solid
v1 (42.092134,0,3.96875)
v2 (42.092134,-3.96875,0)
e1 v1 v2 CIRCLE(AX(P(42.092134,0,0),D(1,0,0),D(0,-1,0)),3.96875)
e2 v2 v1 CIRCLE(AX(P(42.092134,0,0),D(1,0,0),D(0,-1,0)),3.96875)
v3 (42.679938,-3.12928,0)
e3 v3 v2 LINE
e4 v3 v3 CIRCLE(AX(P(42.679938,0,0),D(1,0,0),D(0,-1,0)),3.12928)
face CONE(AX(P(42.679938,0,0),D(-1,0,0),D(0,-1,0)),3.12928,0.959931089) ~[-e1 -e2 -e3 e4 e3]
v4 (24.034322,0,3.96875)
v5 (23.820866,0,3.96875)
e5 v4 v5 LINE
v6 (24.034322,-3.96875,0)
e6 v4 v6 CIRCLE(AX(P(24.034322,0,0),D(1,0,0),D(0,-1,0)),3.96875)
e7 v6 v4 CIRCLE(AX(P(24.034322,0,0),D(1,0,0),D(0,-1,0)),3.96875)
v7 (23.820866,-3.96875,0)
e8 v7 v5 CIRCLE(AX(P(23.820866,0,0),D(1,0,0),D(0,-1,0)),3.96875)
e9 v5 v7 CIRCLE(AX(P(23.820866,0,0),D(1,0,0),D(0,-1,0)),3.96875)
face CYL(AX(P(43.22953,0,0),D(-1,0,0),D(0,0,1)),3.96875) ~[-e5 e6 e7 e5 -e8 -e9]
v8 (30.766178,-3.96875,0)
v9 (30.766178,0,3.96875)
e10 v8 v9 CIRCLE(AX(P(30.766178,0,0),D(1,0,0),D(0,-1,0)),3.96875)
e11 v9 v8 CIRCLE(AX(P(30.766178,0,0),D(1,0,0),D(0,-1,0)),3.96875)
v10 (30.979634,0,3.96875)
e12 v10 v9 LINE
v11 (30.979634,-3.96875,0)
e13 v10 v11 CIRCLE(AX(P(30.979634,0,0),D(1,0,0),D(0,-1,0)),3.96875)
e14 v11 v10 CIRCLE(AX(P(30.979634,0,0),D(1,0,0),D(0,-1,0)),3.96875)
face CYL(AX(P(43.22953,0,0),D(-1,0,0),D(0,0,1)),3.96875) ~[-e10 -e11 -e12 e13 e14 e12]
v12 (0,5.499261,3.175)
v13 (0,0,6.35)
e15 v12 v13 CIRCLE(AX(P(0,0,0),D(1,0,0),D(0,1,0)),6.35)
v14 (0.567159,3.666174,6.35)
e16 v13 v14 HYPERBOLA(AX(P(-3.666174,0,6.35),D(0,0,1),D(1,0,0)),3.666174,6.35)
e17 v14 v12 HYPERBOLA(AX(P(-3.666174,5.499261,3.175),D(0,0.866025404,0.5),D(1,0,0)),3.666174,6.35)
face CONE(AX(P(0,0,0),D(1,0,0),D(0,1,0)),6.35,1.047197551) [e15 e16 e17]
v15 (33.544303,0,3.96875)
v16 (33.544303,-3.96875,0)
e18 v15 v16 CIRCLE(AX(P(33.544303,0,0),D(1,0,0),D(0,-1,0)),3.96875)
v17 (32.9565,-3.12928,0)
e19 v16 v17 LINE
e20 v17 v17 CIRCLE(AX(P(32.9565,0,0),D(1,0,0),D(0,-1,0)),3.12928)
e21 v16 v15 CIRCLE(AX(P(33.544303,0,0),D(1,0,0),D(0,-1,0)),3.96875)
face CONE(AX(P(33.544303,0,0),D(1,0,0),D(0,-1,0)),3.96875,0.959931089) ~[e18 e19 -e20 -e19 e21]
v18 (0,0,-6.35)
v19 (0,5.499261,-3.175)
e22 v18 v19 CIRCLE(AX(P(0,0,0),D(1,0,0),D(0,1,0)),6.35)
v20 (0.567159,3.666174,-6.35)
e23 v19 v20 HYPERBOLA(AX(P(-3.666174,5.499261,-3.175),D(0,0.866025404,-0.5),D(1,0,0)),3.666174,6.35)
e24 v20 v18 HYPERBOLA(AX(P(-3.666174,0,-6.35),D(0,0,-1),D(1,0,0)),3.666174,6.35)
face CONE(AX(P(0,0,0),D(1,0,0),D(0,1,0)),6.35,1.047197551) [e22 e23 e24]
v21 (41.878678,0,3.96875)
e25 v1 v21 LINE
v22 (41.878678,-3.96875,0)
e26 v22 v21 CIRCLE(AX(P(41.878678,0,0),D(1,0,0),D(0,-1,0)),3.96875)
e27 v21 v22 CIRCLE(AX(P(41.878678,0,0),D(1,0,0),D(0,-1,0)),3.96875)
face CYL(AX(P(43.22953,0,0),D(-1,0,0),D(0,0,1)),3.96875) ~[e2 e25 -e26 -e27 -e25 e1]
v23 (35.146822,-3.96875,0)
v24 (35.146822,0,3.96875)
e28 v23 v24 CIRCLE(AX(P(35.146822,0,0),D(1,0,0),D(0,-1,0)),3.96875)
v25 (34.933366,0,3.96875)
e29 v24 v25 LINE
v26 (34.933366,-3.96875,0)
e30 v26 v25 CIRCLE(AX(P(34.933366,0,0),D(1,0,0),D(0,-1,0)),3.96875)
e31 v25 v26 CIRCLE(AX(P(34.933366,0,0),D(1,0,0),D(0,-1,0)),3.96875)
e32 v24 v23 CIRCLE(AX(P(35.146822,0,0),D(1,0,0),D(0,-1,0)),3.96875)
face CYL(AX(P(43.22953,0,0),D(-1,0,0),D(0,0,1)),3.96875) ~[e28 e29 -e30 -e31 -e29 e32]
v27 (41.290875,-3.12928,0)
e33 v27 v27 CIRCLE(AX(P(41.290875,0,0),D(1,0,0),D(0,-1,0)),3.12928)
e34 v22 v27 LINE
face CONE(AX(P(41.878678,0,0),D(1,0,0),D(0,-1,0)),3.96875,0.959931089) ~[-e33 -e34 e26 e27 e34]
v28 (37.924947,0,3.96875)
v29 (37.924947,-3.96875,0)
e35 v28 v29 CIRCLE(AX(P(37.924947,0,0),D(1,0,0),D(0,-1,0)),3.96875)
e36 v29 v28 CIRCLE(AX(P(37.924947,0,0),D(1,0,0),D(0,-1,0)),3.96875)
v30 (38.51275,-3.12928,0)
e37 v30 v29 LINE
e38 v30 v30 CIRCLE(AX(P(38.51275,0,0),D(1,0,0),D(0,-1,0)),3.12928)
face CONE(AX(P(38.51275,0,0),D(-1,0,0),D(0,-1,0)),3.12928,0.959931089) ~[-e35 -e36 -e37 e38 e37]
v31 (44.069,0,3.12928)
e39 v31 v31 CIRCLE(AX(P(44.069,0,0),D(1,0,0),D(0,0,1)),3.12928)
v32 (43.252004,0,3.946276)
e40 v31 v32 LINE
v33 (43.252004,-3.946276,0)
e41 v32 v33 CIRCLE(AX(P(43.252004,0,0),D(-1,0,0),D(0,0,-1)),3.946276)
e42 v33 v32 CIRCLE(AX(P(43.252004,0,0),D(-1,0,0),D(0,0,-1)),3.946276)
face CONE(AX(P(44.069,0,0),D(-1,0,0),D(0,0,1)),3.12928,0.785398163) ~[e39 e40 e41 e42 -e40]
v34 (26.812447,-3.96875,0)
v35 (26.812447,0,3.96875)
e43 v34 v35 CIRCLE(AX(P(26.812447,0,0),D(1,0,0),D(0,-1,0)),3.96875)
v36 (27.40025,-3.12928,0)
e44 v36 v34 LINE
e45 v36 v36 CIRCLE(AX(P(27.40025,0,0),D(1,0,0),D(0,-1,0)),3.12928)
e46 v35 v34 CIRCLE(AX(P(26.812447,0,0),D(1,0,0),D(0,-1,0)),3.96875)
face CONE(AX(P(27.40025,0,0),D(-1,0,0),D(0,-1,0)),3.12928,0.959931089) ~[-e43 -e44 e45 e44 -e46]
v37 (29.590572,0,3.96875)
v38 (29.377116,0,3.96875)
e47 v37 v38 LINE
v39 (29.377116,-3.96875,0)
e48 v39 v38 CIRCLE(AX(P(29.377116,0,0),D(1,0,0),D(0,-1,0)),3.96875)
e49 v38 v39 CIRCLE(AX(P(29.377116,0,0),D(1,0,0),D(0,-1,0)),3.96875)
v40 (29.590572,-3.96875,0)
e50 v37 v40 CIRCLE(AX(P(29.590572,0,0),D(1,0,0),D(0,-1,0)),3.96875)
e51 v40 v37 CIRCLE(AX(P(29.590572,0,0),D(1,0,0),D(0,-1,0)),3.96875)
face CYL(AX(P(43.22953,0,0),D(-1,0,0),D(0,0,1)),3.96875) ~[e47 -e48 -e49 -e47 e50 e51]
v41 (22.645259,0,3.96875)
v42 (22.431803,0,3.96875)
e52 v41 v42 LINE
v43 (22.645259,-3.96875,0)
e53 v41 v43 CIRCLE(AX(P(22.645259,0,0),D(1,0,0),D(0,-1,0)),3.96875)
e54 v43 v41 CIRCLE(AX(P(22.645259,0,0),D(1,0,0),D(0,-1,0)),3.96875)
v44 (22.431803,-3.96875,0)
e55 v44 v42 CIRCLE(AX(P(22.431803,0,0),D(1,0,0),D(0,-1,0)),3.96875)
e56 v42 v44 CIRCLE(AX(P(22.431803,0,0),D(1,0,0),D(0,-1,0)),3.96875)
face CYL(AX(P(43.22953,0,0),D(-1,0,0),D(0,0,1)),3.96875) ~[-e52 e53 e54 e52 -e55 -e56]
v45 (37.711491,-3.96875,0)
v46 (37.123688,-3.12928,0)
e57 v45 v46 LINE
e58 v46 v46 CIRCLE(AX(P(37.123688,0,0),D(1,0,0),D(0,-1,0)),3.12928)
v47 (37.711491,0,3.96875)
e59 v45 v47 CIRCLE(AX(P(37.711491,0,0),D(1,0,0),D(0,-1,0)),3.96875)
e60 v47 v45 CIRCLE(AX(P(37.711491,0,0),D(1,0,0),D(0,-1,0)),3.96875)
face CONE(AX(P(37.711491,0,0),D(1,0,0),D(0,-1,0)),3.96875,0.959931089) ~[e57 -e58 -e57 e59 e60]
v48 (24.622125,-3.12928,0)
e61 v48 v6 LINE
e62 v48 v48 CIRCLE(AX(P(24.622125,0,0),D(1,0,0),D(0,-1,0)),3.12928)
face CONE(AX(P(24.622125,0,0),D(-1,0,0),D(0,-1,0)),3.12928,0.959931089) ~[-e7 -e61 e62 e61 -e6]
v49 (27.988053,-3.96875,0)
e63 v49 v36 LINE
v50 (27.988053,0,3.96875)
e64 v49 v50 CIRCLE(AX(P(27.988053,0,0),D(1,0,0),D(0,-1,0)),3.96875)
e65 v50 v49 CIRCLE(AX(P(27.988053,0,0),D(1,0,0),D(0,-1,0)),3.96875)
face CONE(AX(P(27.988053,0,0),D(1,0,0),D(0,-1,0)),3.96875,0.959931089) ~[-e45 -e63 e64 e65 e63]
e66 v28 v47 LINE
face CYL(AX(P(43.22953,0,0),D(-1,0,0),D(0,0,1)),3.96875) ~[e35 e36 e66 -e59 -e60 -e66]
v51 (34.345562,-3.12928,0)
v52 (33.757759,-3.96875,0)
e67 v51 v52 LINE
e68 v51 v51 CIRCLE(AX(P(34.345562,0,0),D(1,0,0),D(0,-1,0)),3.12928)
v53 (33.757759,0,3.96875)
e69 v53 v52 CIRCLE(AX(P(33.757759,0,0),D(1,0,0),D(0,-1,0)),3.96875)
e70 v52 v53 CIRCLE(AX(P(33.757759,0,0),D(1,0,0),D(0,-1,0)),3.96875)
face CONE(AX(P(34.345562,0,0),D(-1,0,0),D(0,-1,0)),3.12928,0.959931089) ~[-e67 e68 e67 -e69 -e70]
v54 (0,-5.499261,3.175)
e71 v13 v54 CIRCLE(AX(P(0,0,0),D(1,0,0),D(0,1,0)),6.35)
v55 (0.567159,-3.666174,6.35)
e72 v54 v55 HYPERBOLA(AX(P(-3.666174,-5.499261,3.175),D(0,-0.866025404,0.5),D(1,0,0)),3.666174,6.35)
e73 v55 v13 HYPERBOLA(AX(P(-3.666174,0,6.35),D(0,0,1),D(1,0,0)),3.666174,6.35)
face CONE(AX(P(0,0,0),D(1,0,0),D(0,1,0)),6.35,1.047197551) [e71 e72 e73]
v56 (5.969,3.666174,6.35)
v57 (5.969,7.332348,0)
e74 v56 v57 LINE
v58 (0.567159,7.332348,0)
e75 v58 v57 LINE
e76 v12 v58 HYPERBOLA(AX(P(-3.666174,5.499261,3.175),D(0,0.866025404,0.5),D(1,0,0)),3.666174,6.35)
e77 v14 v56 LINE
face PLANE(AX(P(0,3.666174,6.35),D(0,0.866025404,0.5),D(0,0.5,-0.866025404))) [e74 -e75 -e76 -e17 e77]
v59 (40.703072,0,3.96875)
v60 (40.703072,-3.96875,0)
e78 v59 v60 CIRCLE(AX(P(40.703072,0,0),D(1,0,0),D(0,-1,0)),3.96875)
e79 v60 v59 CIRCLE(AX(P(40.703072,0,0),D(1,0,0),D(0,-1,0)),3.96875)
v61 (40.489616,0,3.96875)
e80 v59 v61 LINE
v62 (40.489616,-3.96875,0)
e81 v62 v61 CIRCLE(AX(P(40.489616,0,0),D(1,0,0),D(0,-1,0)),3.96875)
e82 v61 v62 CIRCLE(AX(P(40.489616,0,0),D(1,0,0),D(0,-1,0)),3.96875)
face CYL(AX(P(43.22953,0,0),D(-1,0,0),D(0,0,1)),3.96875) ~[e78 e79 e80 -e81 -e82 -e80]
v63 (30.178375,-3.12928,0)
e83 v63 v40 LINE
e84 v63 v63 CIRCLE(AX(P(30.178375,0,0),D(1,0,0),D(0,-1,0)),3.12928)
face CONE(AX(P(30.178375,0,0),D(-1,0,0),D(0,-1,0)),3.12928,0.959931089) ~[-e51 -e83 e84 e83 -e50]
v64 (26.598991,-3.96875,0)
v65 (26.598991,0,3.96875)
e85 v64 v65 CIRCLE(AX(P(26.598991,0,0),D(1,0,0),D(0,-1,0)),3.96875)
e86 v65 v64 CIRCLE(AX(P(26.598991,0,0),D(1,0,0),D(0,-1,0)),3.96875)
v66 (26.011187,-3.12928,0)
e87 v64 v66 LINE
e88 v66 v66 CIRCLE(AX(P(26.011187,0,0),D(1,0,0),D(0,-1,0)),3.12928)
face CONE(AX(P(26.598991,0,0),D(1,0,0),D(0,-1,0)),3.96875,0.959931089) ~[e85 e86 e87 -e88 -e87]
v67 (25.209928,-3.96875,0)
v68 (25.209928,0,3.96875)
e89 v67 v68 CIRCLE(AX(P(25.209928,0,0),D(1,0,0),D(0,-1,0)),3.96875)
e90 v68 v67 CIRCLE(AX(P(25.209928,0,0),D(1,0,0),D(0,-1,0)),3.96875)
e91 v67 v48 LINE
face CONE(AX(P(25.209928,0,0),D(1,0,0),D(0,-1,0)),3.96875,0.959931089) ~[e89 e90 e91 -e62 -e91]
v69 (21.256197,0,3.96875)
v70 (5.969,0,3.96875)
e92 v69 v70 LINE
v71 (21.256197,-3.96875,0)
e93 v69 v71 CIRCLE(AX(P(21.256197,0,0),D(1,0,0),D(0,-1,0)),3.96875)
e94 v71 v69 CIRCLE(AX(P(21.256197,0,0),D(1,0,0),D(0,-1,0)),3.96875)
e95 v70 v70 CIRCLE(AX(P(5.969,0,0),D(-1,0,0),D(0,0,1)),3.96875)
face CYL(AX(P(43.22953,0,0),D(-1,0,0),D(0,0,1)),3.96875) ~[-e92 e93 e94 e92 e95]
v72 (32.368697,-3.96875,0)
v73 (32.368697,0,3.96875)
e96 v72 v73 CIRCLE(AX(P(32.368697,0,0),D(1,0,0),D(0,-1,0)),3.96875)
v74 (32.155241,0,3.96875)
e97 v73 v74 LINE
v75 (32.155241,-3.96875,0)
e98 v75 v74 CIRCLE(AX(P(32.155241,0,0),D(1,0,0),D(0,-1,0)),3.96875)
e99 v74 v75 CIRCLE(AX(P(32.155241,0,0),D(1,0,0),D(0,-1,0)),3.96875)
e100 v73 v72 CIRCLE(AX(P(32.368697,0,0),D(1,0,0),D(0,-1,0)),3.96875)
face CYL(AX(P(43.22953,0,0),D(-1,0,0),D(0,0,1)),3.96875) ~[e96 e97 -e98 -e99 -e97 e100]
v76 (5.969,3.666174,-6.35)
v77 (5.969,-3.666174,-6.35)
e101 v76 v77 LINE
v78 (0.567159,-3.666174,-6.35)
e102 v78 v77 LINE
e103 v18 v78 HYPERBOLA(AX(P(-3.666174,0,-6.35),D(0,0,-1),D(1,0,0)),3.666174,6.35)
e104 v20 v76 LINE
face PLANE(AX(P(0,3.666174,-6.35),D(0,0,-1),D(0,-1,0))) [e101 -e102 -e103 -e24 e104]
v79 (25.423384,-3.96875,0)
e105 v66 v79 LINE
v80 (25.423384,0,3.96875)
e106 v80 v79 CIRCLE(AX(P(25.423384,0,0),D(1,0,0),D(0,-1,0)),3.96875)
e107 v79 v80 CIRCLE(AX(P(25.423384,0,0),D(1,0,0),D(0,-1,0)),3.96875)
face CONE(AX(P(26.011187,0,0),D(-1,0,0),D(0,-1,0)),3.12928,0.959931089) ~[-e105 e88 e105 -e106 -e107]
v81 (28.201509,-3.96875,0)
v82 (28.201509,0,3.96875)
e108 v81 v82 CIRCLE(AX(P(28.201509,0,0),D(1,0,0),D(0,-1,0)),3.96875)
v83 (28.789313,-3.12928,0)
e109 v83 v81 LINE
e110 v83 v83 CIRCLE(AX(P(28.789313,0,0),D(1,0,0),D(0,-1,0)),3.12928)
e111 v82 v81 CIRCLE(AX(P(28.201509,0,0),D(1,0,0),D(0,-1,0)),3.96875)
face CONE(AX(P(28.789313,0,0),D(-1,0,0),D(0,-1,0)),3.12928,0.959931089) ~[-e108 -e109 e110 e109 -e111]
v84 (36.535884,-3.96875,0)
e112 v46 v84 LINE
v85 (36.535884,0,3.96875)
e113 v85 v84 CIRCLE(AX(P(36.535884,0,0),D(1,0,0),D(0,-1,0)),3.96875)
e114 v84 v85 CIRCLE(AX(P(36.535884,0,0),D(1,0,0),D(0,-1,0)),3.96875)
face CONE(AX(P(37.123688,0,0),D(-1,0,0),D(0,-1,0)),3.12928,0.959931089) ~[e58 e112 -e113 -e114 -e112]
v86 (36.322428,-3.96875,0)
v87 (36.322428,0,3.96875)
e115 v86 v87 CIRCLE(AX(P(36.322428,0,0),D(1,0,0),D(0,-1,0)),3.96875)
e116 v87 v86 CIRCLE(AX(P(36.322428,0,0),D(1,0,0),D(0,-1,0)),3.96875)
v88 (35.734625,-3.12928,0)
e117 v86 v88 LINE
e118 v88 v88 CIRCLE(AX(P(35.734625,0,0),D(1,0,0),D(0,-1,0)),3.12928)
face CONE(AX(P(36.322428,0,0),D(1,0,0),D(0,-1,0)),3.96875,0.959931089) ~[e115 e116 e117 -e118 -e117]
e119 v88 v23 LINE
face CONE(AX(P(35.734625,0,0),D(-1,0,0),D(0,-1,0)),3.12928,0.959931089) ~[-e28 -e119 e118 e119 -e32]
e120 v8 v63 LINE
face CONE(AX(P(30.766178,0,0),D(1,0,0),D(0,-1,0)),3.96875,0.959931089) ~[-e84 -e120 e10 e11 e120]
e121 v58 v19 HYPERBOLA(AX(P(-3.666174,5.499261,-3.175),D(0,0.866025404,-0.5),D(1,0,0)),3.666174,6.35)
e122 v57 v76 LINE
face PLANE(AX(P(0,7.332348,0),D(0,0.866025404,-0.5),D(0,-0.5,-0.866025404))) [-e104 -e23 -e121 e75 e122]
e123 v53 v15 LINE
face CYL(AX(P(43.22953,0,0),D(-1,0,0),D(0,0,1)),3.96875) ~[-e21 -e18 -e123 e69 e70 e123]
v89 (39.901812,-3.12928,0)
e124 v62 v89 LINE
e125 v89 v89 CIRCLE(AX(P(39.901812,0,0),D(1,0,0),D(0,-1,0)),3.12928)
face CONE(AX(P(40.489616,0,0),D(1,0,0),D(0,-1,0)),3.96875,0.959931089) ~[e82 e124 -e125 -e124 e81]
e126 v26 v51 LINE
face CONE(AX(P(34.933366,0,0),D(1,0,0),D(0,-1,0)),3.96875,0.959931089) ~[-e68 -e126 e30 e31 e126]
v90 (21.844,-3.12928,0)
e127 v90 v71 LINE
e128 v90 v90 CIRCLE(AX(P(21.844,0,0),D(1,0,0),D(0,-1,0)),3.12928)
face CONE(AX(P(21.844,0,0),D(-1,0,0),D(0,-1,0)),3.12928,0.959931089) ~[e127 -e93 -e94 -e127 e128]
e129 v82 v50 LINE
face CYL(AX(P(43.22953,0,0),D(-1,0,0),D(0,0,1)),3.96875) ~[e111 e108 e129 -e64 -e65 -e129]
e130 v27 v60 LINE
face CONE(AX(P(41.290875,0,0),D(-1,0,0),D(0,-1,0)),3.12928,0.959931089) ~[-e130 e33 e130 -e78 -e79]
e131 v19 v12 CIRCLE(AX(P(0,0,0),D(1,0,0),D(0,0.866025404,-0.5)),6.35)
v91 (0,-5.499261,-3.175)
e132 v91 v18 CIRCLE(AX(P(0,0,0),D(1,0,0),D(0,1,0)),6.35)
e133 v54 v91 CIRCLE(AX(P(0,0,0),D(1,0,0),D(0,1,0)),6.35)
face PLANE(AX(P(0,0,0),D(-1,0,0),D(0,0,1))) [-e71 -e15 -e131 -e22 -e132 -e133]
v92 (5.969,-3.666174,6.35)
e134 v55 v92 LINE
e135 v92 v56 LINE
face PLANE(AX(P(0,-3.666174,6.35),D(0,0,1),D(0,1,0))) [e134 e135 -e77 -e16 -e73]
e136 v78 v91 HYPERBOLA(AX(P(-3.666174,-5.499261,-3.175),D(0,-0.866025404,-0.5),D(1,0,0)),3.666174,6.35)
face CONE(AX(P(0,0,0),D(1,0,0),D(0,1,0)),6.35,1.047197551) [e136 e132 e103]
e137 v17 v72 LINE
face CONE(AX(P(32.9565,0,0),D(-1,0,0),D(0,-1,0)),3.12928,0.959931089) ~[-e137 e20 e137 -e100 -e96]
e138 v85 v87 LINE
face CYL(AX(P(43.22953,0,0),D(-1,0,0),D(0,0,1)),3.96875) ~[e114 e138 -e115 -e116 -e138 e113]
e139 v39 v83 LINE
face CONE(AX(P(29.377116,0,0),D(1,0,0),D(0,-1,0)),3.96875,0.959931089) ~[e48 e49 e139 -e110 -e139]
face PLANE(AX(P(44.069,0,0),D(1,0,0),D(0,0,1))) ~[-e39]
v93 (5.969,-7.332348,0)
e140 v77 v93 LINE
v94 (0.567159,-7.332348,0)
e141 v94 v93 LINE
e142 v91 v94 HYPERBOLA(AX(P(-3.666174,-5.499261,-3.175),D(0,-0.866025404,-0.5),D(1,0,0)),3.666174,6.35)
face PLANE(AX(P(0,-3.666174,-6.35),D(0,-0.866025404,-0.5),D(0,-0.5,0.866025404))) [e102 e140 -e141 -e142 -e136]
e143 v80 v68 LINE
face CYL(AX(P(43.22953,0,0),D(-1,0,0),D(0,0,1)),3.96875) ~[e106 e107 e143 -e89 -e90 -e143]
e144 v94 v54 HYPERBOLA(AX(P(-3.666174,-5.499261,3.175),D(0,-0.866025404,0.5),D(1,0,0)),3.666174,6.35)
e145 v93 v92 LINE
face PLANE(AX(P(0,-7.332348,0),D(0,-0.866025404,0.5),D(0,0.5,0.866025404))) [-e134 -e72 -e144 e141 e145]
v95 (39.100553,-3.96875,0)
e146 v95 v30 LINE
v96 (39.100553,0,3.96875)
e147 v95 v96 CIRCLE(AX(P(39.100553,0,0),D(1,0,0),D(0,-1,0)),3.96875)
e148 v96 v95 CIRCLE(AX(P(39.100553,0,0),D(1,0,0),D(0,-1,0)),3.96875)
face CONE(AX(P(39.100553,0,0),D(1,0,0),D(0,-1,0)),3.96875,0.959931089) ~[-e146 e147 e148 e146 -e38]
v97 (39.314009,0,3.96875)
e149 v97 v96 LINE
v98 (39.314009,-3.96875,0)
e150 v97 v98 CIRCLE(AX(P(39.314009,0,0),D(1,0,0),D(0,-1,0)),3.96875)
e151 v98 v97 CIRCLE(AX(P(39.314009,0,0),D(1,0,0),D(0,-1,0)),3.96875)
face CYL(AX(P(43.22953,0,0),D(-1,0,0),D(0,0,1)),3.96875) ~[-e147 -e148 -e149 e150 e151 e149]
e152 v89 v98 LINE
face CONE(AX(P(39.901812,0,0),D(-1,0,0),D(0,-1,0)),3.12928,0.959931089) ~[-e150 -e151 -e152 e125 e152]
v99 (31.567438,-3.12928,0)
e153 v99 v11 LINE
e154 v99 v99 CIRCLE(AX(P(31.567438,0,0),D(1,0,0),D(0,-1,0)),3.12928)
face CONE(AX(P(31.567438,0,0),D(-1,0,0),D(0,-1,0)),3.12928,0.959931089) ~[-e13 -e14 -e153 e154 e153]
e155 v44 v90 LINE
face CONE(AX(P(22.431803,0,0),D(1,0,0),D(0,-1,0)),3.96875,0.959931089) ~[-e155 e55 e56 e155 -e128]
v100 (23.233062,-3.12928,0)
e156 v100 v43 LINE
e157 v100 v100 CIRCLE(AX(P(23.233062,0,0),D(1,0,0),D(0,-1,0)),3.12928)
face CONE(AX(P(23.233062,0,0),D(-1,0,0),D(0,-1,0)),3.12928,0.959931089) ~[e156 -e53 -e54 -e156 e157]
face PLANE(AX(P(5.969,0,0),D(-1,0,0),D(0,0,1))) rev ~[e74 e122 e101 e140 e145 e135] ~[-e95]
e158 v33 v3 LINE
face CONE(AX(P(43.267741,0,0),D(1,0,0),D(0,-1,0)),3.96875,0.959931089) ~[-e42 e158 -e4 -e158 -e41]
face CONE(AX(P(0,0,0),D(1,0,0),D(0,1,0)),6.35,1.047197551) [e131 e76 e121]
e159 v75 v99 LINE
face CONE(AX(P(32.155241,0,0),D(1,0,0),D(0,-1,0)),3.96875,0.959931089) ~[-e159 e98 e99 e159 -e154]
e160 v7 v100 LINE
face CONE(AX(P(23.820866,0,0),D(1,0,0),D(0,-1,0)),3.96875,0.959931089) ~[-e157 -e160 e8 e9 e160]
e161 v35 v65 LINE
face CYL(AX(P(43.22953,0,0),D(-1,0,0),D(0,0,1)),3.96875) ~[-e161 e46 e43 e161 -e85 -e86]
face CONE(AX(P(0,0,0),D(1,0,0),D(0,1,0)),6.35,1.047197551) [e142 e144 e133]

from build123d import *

# Parameters (mm, degrees)
BASEHEAD_DEPTH  = 5.969
THDSCHPAT_COUNT = 16
THDSCHPAT_PITCH = 1.3890625


with BuildPart() as part:
    # Sketch1 → BaseHead (new body)
    with BuildSketch(Plane(origin=(0, 0, 0), x_dir=(0, 0, -1), z_dir=(1, 0, 0))):
        Polygon((6.35, 3.666174209), (6.35, -3.666174209), (0, -7.332348419), (-6.35, -3.666174209), (-6.35, 3.666174209), (0, 7.332348419), align=None)
    extrude(amount=BASEHEAD_DEPTH)

    # BodySke → BaseBody (revolve)
    with BuildSketch(Plane.XY, mode=Mode.PRIVATE) as basebody_sk:
        Polygon((0, 0), (44.069, 0), (44.069, 3.12928), (43.22953, 3.96875), (0, 3.96875), align=None)
    revolve(basebody_sk.sketch.rotate(Axis((0, 0, 0), (1, 0, 0)), 90), axis=Axis((0, 0, 0), (1, 0, 0)))

    # Sketch3 → HeadChamfer (revolve, cut)
    with BuildSketch(Plane.XY):
        Polygon((0, 6.35), (4.233333333, 13.682348419), (4.233333333, 20.032348419), (-12.7, 20.032348419), (-12.7, 6.35), align=None)
    revolve(axis=Axis((0, 0, 0), (1, 0, 0)), mode=Mode.SUBTRACT)

    # ThdSchSke → ThreadSchematic (revolve, cut)
    with BuildSketch(Plane.XY):
        Polygon((21.844, -3.12928), (21.256196778, -3.96875), (21.256196778, -4.9609375), (22.431803222, -4.9609375), (22.431803222, -3.96875), align=None)
    threadschematic = revolve(axis=Axis((-3.175, 0, 0), (1, 0, 0)), mode=Mode.SUBTRACT)

    # ThdSchPat: ThreadSchematic ×16
    with Locations(*[(i * THDSCHPAT_PITCH, 0, 0) for i in range(1, THDSCHPAT_COUNT)]):
        add(threadschematic, mode=Mode.SUBTRACT)


solid = part.part
